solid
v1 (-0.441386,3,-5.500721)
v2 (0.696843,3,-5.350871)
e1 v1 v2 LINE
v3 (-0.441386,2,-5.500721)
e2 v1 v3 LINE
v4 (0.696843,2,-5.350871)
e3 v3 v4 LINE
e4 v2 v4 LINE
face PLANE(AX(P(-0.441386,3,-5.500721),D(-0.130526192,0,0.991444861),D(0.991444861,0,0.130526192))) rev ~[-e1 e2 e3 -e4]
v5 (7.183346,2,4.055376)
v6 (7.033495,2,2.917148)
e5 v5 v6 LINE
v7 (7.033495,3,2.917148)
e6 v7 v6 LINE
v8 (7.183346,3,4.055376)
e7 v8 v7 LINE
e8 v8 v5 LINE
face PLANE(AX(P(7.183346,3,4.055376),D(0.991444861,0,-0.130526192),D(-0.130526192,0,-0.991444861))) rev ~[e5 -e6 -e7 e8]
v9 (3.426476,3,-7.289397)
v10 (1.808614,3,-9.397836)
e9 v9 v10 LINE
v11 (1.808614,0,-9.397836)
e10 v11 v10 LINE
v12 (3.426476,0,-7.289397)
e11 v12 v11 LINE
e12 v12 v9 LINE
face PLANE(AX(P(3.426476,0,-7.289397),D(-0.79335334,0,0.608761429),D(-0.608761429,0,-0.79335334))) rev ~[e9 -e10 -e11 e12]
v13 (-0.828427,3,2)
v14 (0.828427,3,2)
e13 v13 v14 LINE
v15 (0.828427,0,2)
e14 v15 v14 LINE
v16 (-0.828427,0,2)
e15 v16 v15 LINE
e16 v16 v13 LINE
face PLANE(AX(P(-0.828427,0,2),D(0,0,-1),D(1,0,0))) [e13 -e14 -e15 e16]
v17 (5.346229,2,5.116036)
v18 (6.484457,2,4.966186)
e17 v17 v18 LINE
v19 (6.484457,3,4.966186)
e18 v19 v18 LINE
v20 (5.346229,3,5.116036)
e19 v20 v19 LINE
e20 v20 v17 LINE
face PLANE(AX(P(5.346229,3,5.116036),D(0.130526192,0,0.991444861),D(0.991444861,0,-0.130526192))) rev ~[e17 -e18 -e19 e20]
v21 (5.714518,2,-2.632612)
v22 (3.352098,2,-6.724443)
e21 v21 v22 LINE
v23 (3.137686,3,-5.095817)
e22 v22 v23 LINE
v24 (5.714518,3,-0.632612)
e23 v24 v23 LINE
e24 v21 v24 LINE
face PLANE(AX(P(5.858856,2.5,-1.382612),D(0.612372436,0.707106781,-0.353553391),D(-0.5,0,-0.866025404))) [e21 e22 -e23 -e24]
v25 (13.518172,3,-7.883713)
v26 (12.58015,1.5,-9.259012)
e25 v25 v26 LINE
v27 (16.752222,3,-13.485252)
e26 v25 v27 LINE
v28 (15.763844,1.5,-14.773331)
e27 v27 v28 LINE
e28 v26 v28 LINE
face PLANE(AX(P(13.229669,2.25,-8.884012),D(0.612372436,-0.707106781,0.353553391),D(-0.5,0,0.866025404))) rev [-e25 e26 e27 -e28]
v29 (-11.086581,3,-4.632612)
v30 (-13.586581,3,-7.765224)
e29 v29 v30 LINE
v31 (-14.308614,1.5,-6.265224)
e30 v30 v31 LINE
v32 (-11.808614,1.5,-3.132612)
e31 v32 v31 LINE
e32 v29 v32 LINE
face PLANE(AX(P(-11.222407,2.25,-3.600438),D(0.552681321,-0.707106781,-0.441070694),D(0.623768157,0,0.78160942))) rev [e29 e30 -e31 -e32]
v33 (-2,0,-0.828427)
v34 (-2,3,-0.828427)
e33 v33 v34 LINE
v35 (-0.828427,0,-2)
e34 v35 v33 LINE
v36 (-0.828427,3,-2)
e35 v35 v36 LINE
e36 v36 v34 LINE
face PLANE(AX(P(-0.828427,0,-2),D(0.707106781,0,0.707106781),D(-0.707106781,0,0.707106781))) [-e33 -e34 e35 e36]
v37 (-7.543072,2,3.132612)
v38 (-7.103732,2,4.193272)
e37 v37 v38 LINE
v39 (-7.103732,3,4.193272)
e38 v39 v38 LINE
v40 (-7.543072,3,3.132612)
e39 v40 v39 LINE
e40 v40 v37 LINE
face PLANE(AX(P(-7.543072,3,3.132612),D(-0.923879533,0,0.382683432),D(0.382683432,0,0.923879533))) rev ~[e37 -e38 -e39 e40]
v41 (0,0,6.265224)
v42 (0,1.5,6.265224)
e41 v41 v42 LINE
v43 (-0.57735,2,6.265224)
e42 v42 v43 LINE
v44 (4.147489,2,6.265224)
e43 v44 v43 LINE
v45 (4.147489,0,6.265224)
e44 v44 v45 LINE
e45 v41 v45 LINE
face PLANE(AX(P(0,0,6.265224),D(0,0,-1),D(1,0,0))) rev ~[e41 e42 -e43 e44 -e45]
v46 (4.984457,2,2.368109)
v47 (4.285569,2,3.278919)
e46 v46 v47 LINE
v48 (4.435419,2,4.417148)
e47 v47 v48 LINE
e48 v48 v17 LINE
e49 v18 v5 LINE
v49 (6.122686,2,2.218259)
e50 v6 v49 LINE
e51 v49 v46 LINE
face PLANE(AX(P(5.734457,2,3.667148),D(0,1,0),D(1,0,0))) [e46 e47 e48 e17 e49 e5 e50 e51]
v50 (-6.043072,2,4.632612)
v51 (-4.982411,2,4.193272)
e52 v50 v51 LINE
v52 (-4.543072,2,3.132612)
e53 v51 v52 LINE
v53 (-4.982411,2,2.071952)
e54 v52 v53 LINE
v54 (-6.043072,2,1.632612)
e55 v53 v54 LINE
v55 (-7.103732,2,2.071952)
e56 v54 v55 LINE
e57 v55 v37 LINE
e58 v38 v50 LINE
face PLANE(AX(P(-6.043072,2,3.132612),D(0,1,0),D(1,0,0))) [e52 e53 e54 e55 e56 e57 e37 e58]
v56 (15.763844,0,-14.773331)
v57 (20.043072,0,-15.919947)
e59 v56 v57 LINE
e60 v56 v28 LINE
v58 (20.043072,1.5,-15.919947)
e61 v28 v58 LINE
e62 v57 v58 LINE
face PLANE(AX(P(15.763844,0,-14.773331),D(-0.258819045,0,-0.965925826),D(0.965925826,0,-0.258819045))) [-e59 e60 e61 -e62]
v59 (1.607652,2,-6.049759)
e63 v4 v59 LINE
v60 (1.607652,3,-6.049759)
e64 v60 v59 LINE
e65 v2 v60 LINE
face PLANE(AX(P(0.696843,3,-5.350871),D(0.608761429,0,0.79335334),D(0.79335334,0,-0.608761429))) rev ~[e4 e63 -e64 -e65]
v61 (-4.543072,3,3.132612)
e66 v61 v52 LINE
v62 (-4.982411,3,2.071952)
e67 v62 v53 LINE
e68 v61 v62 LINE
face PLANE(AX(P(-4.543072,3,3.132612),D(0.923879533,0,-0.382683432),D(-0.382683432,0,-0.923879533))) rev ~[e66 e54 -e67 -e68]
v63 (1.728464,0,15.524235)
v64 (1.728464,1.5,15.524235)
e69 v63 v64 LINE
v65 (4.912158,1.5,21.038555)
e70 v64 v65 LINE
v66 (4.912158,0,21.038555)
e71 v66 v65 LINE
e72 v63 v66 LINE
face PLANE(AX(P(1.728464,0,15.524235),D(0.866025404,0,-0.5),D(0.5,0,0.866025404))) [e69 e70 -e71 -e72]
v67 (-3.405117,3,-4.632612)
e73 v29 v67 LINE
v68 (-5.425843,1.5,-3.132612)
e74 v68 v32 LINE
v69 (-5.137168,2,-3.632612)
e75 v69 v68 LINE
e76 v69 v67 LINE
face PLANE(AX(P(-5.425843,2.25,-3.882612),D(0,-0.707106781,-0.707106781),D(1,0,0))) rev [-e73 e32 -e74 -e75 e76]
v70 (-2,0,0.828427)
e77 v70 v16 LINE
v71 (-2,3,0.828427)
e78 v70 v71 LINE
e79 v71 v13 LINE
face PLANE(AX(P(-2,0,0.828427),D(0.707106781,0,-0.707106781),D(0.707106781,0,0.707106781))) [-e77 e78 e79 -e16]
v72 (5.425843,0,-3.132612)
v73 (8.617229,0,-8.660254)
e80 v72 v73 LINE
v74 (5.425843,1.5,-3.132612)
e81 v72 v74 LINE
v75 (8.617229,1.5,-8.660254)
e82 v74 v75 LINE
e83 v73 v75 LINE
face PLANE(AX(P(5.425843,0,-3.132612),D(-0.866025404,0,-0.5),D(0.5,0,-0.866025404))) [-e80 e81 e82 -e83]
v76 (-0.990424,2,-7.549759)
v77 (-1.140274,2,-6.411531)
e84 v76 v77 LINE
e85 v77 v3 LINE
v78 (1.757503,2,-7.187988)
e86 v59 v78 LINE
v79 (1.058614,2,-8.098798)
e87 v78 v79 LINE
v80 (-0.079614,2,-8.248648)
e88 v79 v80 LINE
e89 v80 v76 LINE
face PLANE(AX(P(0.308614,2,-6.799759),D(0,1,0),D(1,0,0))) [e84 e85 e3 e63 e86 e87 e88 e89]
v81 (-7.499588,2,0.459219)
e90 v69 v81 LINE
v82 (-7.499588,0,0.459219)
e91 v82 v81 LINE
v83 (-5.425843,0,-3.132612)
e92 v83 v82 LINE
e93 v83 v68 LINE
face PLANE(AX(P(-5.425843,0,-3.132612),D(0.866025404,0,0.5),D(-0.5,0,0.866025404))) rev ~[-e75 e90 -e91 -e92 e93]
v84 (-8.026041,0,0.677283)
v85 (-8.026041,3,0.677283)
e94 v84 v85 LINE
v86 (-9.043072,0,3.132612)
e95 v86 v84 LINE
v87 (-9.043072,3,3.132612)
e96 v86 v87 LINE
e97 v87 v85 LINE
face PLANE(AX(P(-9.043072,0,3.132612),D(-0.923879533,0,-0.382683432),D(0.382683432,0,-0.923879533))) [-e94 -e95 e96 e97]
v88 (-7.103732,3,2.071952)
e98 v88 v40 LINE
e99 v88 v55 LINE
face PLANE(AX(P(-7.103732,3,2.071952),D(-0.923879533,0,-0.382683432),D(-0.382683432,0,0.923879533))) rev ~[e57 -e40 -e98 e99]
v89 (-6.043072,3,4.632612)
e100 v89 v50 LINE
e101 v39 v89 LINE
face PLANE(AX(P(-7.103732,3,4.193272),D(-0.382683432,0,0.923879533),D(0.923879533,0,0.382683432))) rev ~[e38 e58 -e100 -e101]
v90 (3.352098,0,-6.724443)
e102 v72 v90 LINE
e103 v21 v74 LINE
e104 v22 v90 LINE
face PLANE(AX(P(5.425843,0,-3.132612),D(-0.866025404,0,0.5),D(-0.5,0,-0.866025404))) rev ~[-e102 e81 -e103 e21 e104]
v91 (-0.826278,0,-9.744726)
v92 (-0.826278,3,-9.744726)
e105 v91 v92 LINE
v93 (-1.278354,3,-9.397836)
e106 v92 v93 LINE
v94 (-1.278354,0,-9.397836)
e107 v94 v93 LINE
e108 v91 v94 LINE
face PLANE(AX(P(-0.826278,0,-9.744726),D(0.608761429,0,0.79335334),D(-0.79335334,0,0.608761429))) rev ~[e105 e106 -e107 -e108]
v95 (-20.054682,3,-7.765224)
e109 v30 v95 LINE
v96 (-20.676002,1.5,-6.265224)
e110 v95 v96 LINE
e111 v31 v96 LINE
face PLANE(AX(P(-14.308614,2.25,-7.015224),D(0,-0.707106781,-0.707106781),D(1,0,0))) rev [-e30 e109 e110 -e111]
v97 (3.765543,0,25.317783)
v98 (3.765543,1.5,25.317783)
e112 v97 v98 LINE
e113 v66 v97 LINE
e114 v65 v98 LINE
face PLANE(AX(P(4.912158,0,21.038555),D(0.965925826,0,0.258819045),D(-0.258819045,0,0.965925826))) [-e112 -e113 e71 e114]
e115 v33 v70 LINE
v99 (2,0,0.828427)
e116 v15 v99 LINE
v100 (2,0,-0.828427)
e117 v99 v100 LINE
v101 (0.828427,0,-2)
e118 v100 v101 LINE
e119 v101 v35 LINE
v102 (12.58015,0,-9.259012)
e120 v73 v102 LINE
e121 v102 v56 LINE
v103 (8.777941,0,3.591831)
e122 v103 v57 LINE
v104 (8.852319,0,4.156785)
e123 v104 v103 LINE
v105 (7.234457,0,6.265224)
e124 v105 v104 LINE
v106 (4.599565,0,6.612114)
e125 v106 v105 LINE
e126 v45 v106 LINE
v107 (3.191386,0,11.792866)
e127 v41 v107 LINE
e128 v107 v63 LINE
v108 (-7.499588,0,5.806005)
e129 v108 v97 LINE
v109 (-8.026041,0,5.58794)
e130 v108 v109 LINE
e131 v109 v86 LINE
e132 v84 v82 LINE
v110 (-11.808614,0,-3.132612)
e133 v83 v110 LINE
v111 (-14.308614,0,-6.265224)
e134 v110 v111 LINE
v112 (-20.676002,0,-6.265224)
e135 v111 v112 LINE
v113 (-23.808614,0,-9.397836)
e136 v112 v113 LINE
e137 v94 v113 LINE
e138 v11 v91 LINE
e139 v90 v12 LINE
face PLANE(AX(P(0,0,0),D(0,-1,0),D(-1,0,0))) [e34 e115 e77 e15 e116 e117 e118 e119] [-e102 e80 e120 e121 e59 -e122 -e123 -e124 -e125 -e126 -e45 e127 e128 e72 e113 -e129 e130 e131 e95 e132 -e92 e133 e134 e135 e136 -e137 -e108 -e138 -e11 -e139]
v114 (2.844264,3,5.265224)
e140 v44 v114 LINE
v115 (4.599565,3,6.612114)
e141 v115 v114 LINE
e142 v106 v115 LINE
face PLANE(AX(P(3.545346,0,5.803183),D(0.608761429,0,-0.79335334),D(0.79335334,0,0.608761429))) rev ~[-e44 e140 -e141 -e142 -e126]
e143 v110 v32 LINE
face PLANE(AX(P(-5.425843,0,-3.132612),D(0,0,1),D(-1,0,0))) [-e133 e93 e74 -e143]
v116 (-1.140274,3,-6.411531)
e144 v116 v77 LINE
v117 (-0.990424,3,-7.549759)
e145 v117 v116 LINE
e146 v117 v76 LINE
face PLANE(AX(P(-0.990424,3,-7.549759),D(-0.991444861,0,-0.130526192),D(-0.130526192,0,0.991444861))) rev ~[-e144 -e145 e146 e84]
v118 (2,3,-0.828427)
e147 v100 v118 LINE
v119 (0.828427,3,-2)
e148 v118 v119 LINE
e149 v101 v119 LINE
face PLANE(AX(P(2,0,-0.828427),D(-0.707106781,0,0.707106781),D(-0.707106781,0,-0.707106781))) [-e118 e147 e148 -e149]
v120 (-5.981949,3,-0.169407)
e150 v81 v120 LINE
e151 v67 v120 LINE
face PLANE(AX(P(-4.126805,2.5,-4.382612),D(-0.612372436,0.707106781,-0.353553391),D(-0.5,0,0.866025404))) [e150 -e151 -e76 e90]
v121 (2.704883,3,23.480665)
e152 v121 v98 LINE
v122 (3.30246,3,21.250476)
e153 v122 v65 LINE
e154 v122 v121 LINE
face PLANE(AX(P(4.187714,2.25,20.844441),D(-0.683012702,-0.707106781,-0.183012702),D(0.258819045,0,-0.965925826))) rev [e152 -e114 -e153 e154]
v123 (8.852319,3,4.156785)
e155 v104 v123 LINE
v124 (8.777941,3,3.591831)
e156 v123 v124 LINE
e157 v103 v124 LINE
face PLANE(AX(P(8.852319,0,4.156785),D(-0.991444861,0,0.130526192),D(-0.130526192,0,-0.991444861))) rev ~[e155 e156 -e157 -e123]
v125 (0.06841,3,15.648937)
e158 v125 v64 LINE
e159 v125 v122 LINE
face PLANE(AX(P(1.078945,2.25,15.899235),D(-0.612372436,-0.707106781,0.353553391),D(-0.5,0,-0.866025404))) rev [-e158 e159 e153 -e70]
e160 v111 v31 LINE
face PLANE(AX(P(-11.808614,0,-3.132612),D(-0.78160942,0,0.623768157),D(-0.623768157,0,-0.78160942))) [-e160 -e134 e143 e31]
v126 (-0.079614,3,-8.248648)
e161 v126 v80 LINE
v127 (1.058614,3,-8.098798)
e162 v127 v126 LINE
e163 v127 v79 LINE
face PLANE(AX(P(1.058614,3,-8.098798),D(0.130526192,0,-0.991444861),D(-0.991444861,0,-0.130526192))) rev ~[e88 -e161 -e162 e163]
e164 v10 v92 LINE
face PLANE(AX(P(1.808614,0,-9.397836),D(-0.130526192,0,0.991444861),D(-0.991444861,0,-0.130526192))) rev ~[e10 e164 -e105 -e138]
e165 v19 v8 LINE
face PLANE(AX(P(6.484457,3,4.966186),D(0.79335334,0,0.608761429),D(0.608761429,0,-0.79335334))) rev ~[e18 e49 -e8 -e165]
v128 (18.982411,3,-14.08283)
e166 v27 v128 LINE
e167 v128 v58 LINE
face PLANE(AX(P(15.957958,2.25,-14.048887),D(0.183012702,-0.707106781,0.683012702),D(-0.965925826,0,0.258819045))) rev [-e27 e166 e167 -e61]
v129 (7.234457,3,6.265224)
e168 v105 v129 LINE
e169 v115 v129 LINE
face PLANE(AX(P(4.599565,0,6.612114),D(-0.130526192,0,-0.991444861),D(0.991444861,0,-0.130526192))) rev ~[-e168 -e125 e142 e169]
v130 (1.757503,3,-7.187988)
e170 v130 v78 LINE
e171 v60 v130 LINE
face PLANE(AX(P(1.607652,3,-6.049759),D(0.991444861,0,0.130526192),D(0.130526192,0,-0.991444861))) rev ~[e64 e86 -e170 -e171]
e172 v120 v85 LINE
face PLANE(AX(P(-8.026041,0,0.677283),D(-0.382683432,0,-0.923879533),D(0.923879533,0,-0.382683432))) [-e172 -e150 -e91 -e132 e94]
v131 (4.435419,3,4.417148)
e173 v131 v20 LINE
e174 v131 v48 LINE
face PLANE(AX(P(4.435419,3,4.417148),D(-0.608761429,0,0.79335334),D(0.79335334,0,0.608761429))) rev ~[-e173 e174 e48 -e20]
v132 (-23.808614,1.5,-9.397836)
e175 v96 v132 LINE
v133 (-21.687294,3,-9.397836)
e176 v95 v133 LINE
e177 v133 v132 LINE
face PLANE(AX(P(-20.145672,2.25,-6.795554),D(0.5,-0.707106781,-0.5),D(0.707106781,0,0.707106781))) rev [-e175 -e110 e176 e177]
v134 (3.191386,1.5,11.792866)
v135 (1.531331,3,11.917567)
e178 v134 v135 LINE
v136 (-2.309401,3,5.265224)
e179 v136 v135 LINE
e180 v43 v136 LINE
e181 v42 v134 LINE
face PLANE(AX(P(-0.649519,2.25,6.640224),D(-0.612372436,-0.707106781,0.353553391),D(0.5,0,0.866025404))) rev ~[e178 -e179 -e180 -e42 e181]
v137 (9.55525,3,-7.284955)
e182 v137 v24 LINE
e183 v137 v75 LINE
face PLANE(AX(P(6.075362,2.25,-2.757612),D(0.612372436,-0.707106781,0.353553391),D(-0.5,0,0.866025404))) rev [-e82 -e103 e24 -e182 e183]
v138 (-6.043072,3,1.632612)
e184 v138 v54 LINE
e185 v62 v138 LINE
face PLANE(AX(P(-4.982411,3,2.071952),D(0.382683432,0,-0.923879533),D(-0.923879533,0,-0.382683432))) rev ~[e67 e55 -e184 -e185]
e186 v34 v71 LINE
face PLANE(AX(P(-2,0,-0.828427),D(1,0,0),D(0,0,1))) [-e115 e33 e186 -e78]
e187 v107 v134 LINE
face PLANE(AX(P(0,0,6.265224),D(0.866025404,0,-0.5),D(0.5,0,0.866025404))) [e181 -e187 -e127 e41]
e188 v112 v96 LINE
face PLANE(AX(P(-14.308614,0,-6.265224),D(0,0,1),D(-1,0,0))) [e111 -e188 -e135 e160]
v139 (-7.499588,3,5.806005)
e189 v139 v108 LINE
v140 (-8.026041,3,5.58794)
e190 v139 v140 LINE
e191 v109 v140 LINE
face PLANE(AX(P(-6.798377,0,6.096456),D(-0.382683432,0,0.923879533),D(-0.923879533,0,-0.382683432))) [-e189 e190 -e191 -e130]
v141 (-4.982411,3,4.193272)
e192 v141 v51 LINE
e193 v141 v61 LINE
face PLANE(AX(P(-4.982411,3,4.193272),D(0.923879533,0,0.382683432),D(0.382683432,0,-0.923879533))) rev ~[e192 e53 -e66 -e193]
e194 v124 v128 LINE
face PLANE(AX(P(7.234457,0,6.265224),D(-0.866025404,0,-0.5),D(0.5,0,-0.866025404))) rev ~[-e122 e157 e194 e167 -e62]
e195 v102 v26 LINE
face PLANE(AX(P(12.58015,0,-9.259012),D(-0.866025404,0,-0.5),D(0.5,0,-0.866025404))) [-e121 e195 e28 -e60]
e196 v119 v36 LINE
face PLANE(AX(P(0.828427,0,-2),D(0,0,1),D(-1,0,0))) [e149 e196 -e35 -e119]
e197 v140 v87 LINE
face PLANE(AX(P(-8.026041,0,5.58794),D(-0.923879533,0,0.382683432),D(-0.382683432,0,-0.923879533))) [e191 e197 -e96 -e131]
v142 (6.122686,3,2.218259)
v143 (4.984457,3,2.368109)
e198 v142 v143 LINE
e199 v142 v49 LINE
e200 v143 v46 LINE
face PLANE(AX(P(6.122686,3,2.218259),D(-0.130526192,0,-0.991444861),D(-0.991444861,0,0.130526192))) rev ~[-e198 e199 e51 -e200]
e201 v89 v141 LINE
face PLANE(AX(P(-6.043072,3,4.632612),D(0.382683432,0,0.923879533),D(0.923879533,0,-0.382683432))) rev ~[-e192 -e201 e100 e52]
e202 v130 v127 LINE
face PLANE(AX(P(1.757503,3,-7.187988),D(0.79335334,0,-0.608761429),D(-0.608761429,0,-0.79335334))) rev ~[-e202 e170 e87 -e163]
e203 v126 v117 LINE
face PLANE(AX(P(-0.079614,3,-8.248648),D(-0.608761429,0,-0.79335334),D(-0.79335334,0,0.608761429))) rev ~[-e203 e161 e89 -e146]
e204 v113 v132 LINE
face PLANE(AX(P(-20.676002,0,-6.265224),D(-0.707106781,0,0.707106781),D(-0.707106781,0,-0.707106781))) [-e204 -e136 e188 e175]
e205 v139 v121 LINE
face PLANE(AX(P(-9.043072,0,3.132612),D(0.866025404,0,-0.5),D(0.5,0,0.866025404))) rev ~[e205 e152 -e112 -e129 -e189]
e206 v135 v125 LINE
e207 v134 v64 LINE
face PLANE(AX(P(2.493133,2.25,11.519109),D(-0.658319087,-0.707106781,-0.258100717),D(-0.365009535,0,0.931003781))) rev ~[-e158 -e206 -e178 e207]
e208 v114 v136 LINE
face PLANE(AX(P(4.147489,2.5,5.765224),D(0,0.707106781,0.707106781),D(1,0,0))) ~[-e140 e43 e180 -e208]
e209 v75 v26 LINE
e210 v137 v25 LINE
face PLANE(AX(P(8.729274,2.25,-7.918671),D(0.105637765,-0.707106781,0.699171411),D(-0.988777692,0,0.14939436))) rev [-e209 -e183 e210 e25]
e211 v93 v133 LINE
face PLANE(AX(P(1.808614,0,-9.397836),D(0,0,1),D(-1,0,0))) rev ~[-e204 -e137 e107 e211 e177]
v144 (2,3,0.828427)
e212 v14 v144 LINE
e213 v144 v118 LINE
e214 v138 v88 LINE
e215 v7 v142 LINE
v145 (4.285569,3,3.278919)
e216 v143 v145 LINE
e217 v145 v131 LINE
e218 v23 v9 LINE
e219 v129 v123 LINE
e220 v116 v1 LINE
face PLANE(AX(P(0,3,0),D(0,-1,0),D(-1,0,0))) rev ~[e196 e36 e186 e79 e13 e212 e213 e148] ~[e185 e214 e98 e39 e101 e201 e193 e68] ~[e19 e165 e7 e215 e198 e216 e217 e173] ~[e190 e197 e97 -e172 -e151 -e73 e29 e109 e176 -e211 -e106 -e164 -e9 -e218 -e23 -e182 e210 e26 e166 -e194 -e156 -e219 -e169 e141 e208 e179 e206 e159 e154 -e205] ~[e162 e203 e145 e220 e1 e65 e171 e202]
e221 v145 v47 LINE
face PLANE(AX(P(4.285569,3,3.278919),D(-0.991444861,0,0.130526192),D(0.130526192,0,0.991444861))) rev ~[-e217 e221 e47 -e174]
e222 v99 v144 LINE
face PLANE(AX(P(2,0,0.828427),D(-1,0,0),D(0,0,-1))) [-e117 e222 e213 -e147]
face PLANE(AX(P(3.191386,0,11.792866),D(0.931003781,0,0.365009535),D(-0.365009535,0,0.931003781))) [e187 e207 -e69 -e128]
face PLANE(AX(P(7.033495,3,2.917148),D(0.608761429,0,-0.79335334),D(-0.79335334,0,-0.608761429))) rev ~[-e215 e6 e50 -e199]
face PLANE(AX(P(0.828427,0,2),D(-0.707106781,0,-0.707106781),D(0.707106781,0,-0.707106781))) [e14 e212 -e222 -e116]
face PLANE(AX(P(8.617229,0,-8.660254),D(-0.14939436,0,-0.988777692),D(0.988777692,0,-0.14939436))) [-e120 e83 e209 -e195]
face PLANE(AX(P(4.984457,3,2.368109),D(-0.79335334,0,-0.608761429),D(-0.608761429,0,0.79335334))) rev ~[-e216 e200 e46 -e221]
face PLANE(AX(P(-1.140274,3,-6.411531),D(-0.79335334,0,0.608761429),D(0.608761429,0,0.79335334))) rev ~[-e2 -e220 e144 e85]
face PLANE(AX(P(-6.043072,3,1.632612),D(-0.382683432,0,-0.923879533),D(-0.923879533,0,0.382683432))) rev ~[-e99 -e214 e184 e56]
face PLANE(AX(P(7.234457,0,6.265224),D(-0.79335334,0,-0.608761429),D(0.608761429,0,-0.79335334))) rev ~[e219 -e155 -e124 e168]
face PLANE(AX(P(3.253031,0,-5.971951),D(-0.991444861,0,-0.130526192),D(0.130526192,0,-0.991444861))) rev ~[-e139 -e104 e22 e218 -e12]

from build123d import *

# Parameters (mm, degrees)
BOSS_EXTRUDE2_DEPTH = 3
BOSS_EXTRUDE3_DEPTH = 3
CHAMFER1_SIZE       = 1.5
BOSS_EXTRUDE4_DEPTH = 3
CUT_EXTRUDE1_DEPTH  = 1
CHAMFER2_SIZE       = 1


with BuildPart() as part:
    # Sketch1 → Boss-Extrude2 (new body)
    with BuildSketch(Plane(origin=(0, 0, 0), x_dir=(1, 0, 0), z_dir=(0, 1, 0))):
        Polygon((-3.617228643129947, -6.5e-16), (-1.8086143215649655, -3.132611896247254), (1.8086143215649881, -3.132611896247241), (3.6172286431299465, 2.591e-14), (1.8086143215649435, 3.132611896247266), (-1.8086143215650103, 3.1326118962472274), align=None)
        Polygon((1.9999999999999936, 0.8284271247461886), (0.8284271247461865, 1.999999999999994), (-0.8284271247461888, 1.9999999999999927), (-1.9999999999999936, 0.8284271247461867), (-1.9999999999999922, -0.8284271247461881), (-0.8284271247461862, -1.9999999999999931), (0.8284271247461892, -1.9999999999999918), (1.999999999999994, -0.8284271247461859), align=None, mode=Mode.SUBTRACT)
    extrude(amount=BOSS_EXTRUDE2_DEPTH)

    # Sketch3 → Boss-Extrude3 (add)
    with BuildSketch(Plane(origin=(0, 0, 0), x_dir=(1, 0, 0), z_dir=(0, 1, 0))):
        Polygon((1.35009e-12, -6.265223792495006), (3.191385678434759, -11.792865934089827), (1.7284641960877252, -15.524235391675447), (4.912158247964482, -21.038555245281238), (3.7655427137404005, -25.31778267575289), (0.2655427137398905, -19.25560484926116), (-7.234457286261282, -6.2652237924924865), (-9.043071607825457, -3.132611896246603), (-7.234457286259898, 1.64471e-12), (-5.425842964695981, 3.1326118962470666), (-11.808614321563178, 3.132611896247083), (-14.30861432156403, 6.265223792494697), (-20.676002425317918, 6.265223792494897), (-23.80861432156554, 9.397835688742644), (-16.808614321564708, 9.397835688742767), (-1.8086143215623112, 9.397835688742738), (1.8086143215660542, 9.397835688742727), (3.6172286431313894, 6.265223792494598), (5.4258429646954855, 3.132611896248873), (8.617228643129225, 8.660254037843819), (12.58015012547734, 9.259011599181736), (15.763844177354214, 14.77333145278746), (20.043071607826096, 15.919946987011269), (16.54307160782585, 9.857769160519384), (9.04307160782462, -3.1326118962492617), (7.234457286260429, -6.265223792495135), (3.6172286431296587, -6.265223792494937), align=None)
        Polygon((-1.8086143215639572, -3.132611896247045), (-3.617228643129372, 9.8462e-13), (-1.808614321565077, 3.1326118962470595), (1.8086143215657584, 3.1326118962474574), (3.6172286431299985, 1.0129e-12), (1.8086143215649881, -3.132611896247241), align=None, mode=Mode.SUBTRACT)
    extrude(amount=BOSS_EXTRUDE3_DEPTH)

    # Chamfer1
    chamfer1_edges = [part.edges().sort_by_distance(p)[0] for p in [
        (17.903457892590154, 3, -15.346639219899364),
        (14.171997151415777, 3, -12.016171525984598),
        (10.598689384303283, 3, -8.959632818512777),
        (7.021535803912355, 3, -5.896432967046346),
        (-22.24230837344173, 3, -7.8315297406187705),
        (-17.492308373440974, 3, -6.2652237924947976),
        (-13.058614321563603, 3, -4.69891784437089),
        (-8.617228643129579, 3, -3.1326118962470746),
        (4.338850480852441, 3, 23.178168960517063),
        (3.3203112220261035, 3, 18.281395318478342),
        (2.459924937261242, 3, 13.658550662882636),
        (1.5956928392180545, 3, 9.029044863292416),
    ]]
    chamfer(chamfer1_edges, length=CHAMFER1_SIZE)

    # Sketch4 → Boss-Extrude4 (add)
    with BuildSketch(Plane(origin=(0, 0, 0), x_dir=(1, 0, 0), z_dir=(0, 1, 0))):
        Polygon((-6.798376917342761, -0.16876811390146088), (-6.798376917342759, -6.096455678591746), (-8.026041208745289, -5.587940479051664), (-9.043071607825457, -3.132611896246603), (-8.026041208745289, -0.6772833134415445), align=None)
        Polygon((3.4264760493730018, 7.289397235314943), (1.8086143215658708, 9.39783568874193), (-0.8262778053214378, 9.744725818120022), (-1.8804970320349317, 8.935794954216455), (3.2530309846839565, 5.97195117187129), align=None)
        Polygon((4.59956515937226, -6.612113921873456), (7.23445728625957, -6.2652237924954015), (8.852319014066733, -4.156785339068437), (8.678873949377703, -2.8393392756247793), (3.545345932658778, -5.803183057969877), align=None)
    extrude(amount=BOSS_EXTRUDE4_DEPTH)

    # Sketch6 → Cut-Extrude1 (cut)
    with BuildSketch(Plane(origin=(0, 3, 0), x_dir=(1, 0, 0), z_dir=(0, 1, 0))):
        Polygon((1.058614321565864, 8.098797583065272), (-0.07961424608791523, 8.248648216822222), (-0.9904237841107939, 7.549759477388622), (-1.1402744178677426, 6.411530909734845), (-0.4413856784341425, 5.500721371711964), (0.6968428892196359, 5.350870737955016), (1.6076524272425143, 6.049759477388614), (1.757503060999463, 7.187988045042393), align=None)
        Polygon((-7.543071607825456, -3.1326118962466047), (-7.103731779605277, -4.193272068026425), (-6.043071607825456, -4.632611896246601), (-4.982411436045638, -4.193272068026424), (-4.5430716078254605, -3.1326118962466007), (-4.982411436045639, -2.071951724466782), (-6.043071607825459, -1.6326118962466047), (-7.103731779605278, -2.0719517244667833), align=None)
        Polygon((6.484457286259583, -4.966185686818733), (7.183346025693192, -4.0553761487958635), (7.033495391936258, -2.9171475811420824), (6.122685853913389, -2.218258841708473), (4.984457286259606, -2.368109475465409), (4.2855685468259965, -3.2789190134882777), (4.435419180582931, -4.417147581142059), (5.346228718605801, -5.116036320575668), align=None)
    extrude(amount=-CUT_EXTRUDE1_DEPTH, mode=Mode.SUBTRACT)

    # Chamfer2
    chamfer2_edges = [part.edges().sort_by_distance(p)[0] for p in [
        (1.2077191668051772, 3, 6.265223792494805),
        (4.821983381293134, 3, -4.1785273753389465),
        (-6.029702548098242, 3, -2.0866964171569644),
    ]]
    chamfer(chamfer2_edges, length=CHAMFER2_SIZE)


solid = part.part
